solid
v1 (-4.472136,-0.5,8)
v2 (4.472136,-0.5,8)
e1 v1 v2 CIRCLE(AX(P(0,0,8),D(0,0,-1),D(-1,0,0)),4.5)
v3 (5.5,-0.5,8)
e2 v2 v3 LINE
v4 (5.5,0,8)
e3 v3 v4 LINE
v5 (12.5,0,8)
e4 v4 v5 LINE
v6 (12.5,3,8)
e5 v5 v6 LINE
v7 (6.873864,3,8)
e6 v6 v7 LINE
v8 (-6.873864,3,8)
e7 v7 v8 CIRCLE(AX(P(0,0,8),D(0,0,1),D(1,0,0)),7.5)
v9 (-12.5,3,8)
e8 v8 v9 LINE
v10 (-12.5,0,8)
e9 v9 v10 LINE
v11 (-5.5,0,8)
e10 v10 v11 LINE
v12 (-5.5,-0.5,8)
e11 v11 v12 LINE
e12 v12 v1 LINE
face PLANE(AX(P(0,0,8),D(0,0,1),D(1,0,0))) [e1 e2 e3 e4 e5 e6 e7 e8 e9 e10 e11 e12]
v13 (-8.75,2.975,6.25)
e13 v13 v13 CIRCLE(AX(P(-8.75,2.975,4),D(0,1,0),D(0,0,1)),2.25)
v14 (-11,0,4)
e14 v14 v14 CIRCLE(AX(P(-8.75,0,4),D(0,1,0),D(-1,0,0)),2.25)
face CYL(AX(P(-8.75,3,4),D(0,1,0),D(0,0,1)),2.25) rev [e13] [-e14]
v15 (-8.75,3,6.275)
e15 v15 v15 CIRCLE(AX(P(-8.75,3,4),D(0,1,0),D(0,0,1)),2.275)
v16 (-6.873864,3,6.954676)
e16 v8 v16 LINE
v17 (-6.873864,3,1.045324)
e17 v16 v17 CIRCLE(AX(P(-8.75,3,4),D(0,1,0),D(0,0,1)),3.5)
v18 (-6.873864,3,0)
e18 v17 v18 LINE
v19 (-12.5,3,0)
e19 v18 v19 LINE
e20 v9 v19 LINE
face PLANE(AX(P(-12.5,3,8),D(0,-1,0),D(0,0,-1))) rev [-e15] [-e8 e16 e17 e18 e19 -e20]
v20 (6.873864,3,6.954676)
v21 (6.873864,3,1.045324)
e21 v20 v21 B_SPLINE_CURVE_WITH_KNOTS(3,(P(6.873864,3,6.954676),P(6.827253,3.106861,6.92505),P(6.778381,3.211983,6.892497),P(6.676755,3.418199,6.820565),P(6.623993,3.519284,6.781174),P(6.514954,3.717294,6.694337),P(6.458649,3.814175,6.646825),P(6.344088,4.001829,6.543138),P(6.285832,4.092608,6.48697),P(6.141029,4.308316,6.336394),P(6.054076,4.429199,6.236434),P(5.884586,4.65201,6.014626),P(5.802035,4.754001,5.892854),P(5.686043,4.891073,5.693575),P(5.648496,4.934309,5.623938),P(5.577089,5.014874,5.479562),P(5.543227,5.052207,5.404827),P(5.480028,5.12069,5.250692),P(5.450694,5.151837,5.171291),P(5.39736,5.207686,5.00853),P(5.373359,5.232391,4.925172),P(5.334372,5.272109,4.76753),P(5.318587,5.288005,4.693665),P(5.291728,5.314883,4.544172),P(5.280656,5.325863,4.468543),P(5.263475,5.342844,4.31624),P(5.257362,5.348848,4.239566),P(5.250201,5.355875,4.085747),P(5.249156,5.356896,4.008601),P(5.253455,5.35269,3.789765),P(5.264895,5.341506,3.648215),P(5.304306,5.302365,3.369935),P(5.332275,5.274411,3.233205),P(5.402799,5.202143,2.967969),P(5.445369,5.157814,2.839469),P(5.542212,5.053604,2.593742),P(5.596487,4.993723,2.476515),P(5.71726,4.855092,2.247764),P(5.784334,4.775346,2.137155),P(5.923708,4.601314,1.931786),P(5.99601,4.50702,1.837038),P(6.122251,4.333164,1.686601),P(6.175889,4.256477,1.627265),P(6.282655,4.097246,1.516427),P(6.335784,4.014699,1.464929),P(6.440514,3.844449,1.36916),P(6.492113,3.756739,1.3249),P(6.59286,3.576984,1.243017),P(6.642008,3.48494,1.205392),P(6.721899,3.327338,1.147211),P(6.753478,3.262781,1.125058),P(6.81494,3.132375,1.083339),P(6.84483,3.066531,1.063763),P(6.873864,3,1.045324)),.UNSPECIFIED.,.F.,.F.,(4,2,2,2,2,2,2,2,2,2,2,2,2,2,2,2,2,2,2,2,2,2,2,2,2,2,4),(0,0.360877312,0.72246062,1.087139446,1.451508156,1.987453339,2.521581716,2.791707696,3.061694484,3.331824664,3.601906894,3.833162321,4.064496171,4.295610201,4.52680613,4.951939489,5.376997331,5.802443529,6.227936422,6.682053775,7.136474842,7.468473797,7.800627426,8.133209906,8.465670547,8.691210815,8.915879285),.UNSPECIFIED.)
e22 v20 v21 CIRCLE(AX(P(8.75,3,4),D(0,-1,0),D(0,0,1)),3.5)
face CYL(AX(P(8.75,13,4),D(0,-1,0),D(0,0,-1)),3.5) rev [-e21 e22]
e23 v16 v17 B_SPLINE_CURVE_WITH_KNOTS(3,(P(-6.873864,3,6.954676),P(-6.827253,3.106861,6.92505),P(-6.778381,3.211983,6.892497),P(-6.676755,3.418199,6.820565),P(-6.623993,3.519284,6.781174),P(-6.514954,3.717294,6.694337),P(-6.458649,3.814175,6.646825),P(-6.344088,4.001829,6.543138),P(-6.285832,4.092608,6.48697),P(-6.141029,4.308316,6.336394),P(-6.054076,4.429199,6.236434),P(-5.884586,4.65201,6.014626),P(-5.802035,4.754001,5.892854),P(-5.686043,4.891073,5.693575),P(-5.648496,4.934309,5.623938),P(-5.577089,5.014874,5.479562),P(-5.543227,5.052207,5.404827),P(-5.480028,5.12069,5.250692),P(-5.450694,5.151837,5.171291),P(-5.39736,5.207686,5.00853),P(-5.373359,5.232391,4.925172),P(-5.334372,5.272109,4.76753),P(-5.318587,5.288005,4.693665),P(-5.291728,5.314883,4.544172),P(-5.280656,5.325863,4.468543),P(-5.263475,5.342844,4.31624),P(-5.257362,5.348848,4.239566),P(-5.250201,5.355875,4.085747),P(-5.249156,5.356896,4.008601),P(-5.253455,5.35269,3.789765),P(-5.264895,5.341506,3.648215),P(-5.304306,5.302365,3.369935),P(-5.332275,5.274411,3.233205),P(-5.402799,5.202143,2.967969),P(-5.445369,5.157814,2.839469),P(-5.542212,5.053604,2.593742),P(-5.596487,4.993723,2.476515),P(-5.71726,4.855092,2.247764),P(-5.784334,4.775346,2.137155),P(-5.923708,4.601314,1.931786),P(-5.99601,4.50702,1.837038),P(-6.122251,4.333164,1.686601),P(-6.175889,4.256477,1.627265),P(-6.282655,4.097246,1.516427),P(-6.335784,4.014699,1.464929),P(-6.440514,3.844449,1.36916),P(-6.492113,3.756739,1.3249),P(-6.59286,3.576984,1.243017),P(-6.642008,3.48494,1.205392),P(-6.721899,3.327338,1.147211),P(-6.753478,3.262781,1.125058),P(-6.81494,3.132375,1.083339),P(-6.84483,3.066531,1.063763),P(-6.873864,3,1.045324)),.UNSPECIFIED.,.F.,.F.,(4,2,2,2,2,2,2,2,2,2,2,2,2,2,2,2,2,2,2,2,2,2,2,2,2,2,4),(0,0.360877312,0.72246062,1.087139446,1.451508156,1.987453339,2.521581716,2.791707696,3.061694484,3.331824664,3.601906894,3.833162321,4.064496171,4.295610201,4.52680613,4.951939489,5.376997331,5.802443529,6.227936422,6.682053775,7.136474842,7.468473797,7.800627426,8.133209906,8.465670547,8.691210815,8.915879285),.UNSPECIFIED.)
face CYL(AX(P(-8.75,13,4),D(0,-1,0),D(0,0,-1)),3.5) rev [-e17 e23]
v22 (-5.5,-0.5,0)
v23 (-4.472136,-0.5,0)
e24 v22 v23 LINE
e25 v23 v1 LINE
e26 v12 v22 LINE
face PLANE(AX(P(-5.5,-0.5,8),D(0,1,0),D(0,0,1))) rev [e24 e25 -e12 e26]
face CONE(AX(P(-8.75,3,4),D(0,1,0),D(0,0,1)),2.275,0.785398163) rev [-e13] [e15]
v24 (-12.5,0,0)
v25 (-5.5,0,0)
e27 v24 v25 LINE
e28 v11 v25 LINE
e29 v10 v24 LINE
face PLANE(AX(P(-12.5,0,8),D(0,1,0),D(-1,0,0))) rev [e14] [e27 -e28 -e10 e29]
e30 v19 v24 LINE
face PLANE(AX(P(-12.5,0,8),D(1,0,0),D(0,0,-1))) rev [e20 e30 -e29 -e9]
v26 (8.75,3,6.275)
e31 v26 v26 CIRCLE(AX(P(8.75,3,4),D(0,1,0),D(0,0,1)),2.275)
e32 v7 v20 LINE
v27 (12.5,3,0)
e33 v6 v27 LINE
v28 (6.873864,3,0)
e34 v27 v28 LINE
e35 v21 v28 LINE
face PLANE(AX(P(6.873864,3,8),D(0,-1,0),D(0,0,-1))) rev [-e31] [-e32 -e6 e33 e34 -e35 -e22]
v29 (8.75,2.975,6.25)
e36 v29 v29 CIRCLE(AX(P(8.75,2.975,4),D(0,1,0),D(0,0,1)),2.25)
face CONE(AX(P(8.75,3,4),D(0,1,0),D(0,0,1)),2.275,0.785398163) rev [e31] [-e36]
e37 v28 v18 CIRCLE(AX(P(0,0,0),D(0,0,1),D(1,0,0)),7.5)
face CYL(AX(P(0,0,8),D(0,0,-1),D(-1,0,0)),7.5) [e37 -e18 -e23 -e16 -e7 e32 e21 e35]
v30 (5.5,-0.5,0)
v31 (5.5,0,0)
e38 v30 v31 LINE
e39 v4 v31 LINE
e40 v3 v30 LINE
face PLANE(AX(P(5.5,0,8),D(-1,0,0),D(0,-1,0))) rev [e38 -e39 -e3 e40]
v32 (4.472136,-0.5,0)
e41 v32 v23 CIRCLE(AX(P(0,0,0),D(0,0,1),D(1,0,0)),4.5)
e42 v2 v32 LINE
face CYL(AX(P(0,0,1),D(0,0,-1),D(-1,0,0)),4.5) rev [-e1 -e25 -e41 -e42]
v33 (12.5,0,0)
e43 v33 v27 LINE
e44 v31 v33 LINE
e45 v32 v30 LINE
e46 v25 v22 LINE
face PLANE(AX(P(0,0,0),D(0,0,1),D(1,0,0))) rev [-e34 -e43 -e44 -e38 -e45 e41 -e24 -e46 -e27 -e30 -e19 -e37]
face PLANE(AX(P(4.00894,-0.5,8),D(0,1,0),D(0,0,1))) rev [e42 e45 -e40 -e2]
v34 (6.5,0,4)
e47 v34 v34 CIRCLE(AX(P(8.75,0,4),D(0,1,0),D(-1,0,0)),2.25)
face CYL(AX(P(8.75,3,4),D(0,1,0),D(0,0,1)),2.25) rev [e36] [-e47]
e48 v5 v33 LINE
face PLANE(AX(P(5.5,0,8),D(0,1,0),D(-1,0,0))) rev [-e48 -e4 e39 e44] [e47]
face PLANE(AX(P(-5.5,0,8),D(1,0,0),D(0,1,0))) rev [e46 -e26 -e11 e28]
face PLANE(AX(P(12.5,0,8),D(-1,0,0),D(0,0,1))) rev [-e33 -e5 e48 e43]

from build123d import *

# Parameters (mm, degrees)
EXTRUDE_1_DEPTH             = 8
HOLE_WIZARD_M4_1_AT_2_COUNT = 2
HOLE_WIZARD_M4_1_AT_2_PITCH = 17.5
EXTRUDE_START               = -4
EXTRUDE_3_DEPTH             = 4
SKETCH_7_R                  = 4.5
CUT_EXTRUDE_1_DEPTH         = 1
SKETCH_8_R                  = 3.5
CUT_EXTRUDE_2_DEPTH         = 10
SKETCH_10_R                 = 4.5
CUT_EXTRUDE_3_DEPTH         = 17.170961718


with BuildPart() as part:
    # 草图1 → 凸台-拉伸1 (new body)
    with BuildSketch(Plane.XY):
        with BuildLine():
            Line((5.5, 0), (12.5, 0))
            Line((12.5, 0), (12.5, 3))
            Line((12.5, 3), (6.873863542, 3))
            ThreePointArc((6.873863542, 3), (0, 7.5), (-6.873863542, 3))
            Line((-6.873863542, 3), (-12.5, 3))
            Line((-12.5, 3), (-12.5, 0))
            Line((-12.5, 0), (-5.5, 0))
            Line((-5.5, 0), (-5.5, -0.5))
            Line((-5.5, -0.5), (-4.00894001, -0.5))
            ThreePointArc((-4.00894001, -0.5), (0, 4.04), (4.00894001, -0.5))
            Line((4.00894001, -0.5), (5.5, -0.5))
            Line((5.5, -0.5), (5.5, 0))
        make_face()
    extrude(amount=EXTRUDE_1_DEPTH)

    # 草图5 → M4 间隙孔1 (revolve, cut)
    with BuildSketch(Plane(origin=(-8.75, 3, 4), x_dir=(0, 0, 1), z_dir=(1, 0, 0))):
        Polygon((0, 0), (0, 4.501936393), (2.25, 3.15), (2.25, 0.025), (2.275, 0), align=None)
    hole_wizard_m4_1 = revolve(axis=Axis((-8.75, 9.35, 4), (0, -1, 0)), mode=Mode.SUBTRACT)

    # M4 间隙孔1 at 2: M4 间隙孔1 ×2
    with Locations(*[(i * HOLE_WIZARD_M4_1_AT_2_PITCH, 0, 0) for i in range(1, HOLE_WIZARD_M4_1_AT_2_COUNT)]):
        add(hole_wizard_m4_1, mode=Mode.SUBTRACT)

    # 草图6 → 凸台-拉伸3 (add)
    with BuildSketch(Plane.XY.offset(8).offset(EXTRUDE_START)):
        with BuildLine():
            Line((-4.00894001, -0.5), (-3.464101615, -0.5))
            ThreePointArc((-3.464101615, -0.5), (0, 3.5), (3.464101615, -0.5))
            Line((3.464101615, -0.5), (4.00894001, -0.5))
            ThreePointArc((4.00894001, -0.5), (0, 4.04), (-4.00894001, -0.5))
        make_face()
    extrude(amount=EXTRUDE_3_DEPTH)

    # 草图7 → 切除-拉伸1 (cut)
    with BuildSketch(Plane(origin=(0, 0, 0), x_dir=(-1, 0, 0), z_dir=(0, 0, -1))):
        Circle(SKETCH_7_R)
    extrude(amount=-CUT_EXTRUDE_1_DEPTH, mode=Mode.SUBTRACT)

    # 草图8 → 切除-拉伸2 (cut)
    with BuildSketch(Plane(origin=(0, 3, 0), x_dir=(1, 0, 0), z_dir=(0, 1, 0))):
        with Locations((-8.75, -4)):
            Circle(SKETCH_8_R)
    cut_extrude_2 = extrude(amount=CUT_EXTRUDE_2_DEPTH, mode=Mode.SUBTRACT)

    # 镜向1: 切除-拉伸2 across plane
    add(cut_extrude_2.mirror(Plane(origin=(0, 0, 0), x_dir=(0, 0, 1), z_dir=(1, 0, 0))), mode=Mode.SUBTRACT)

    # 草图10 → 切除-拉伸3 (cut, through all)
    with BuildSketch(Plane(origin=(0, 0, 1), x_dir=(-1, 0, 0), z_dir=(0, 0, -1))):
        Circle(SKETCH_10_R)
    extrude(amount=-CUT_EXTRUDE_3_DEPTH, mode=Mode.SUBTRACT)


solid = part.part
